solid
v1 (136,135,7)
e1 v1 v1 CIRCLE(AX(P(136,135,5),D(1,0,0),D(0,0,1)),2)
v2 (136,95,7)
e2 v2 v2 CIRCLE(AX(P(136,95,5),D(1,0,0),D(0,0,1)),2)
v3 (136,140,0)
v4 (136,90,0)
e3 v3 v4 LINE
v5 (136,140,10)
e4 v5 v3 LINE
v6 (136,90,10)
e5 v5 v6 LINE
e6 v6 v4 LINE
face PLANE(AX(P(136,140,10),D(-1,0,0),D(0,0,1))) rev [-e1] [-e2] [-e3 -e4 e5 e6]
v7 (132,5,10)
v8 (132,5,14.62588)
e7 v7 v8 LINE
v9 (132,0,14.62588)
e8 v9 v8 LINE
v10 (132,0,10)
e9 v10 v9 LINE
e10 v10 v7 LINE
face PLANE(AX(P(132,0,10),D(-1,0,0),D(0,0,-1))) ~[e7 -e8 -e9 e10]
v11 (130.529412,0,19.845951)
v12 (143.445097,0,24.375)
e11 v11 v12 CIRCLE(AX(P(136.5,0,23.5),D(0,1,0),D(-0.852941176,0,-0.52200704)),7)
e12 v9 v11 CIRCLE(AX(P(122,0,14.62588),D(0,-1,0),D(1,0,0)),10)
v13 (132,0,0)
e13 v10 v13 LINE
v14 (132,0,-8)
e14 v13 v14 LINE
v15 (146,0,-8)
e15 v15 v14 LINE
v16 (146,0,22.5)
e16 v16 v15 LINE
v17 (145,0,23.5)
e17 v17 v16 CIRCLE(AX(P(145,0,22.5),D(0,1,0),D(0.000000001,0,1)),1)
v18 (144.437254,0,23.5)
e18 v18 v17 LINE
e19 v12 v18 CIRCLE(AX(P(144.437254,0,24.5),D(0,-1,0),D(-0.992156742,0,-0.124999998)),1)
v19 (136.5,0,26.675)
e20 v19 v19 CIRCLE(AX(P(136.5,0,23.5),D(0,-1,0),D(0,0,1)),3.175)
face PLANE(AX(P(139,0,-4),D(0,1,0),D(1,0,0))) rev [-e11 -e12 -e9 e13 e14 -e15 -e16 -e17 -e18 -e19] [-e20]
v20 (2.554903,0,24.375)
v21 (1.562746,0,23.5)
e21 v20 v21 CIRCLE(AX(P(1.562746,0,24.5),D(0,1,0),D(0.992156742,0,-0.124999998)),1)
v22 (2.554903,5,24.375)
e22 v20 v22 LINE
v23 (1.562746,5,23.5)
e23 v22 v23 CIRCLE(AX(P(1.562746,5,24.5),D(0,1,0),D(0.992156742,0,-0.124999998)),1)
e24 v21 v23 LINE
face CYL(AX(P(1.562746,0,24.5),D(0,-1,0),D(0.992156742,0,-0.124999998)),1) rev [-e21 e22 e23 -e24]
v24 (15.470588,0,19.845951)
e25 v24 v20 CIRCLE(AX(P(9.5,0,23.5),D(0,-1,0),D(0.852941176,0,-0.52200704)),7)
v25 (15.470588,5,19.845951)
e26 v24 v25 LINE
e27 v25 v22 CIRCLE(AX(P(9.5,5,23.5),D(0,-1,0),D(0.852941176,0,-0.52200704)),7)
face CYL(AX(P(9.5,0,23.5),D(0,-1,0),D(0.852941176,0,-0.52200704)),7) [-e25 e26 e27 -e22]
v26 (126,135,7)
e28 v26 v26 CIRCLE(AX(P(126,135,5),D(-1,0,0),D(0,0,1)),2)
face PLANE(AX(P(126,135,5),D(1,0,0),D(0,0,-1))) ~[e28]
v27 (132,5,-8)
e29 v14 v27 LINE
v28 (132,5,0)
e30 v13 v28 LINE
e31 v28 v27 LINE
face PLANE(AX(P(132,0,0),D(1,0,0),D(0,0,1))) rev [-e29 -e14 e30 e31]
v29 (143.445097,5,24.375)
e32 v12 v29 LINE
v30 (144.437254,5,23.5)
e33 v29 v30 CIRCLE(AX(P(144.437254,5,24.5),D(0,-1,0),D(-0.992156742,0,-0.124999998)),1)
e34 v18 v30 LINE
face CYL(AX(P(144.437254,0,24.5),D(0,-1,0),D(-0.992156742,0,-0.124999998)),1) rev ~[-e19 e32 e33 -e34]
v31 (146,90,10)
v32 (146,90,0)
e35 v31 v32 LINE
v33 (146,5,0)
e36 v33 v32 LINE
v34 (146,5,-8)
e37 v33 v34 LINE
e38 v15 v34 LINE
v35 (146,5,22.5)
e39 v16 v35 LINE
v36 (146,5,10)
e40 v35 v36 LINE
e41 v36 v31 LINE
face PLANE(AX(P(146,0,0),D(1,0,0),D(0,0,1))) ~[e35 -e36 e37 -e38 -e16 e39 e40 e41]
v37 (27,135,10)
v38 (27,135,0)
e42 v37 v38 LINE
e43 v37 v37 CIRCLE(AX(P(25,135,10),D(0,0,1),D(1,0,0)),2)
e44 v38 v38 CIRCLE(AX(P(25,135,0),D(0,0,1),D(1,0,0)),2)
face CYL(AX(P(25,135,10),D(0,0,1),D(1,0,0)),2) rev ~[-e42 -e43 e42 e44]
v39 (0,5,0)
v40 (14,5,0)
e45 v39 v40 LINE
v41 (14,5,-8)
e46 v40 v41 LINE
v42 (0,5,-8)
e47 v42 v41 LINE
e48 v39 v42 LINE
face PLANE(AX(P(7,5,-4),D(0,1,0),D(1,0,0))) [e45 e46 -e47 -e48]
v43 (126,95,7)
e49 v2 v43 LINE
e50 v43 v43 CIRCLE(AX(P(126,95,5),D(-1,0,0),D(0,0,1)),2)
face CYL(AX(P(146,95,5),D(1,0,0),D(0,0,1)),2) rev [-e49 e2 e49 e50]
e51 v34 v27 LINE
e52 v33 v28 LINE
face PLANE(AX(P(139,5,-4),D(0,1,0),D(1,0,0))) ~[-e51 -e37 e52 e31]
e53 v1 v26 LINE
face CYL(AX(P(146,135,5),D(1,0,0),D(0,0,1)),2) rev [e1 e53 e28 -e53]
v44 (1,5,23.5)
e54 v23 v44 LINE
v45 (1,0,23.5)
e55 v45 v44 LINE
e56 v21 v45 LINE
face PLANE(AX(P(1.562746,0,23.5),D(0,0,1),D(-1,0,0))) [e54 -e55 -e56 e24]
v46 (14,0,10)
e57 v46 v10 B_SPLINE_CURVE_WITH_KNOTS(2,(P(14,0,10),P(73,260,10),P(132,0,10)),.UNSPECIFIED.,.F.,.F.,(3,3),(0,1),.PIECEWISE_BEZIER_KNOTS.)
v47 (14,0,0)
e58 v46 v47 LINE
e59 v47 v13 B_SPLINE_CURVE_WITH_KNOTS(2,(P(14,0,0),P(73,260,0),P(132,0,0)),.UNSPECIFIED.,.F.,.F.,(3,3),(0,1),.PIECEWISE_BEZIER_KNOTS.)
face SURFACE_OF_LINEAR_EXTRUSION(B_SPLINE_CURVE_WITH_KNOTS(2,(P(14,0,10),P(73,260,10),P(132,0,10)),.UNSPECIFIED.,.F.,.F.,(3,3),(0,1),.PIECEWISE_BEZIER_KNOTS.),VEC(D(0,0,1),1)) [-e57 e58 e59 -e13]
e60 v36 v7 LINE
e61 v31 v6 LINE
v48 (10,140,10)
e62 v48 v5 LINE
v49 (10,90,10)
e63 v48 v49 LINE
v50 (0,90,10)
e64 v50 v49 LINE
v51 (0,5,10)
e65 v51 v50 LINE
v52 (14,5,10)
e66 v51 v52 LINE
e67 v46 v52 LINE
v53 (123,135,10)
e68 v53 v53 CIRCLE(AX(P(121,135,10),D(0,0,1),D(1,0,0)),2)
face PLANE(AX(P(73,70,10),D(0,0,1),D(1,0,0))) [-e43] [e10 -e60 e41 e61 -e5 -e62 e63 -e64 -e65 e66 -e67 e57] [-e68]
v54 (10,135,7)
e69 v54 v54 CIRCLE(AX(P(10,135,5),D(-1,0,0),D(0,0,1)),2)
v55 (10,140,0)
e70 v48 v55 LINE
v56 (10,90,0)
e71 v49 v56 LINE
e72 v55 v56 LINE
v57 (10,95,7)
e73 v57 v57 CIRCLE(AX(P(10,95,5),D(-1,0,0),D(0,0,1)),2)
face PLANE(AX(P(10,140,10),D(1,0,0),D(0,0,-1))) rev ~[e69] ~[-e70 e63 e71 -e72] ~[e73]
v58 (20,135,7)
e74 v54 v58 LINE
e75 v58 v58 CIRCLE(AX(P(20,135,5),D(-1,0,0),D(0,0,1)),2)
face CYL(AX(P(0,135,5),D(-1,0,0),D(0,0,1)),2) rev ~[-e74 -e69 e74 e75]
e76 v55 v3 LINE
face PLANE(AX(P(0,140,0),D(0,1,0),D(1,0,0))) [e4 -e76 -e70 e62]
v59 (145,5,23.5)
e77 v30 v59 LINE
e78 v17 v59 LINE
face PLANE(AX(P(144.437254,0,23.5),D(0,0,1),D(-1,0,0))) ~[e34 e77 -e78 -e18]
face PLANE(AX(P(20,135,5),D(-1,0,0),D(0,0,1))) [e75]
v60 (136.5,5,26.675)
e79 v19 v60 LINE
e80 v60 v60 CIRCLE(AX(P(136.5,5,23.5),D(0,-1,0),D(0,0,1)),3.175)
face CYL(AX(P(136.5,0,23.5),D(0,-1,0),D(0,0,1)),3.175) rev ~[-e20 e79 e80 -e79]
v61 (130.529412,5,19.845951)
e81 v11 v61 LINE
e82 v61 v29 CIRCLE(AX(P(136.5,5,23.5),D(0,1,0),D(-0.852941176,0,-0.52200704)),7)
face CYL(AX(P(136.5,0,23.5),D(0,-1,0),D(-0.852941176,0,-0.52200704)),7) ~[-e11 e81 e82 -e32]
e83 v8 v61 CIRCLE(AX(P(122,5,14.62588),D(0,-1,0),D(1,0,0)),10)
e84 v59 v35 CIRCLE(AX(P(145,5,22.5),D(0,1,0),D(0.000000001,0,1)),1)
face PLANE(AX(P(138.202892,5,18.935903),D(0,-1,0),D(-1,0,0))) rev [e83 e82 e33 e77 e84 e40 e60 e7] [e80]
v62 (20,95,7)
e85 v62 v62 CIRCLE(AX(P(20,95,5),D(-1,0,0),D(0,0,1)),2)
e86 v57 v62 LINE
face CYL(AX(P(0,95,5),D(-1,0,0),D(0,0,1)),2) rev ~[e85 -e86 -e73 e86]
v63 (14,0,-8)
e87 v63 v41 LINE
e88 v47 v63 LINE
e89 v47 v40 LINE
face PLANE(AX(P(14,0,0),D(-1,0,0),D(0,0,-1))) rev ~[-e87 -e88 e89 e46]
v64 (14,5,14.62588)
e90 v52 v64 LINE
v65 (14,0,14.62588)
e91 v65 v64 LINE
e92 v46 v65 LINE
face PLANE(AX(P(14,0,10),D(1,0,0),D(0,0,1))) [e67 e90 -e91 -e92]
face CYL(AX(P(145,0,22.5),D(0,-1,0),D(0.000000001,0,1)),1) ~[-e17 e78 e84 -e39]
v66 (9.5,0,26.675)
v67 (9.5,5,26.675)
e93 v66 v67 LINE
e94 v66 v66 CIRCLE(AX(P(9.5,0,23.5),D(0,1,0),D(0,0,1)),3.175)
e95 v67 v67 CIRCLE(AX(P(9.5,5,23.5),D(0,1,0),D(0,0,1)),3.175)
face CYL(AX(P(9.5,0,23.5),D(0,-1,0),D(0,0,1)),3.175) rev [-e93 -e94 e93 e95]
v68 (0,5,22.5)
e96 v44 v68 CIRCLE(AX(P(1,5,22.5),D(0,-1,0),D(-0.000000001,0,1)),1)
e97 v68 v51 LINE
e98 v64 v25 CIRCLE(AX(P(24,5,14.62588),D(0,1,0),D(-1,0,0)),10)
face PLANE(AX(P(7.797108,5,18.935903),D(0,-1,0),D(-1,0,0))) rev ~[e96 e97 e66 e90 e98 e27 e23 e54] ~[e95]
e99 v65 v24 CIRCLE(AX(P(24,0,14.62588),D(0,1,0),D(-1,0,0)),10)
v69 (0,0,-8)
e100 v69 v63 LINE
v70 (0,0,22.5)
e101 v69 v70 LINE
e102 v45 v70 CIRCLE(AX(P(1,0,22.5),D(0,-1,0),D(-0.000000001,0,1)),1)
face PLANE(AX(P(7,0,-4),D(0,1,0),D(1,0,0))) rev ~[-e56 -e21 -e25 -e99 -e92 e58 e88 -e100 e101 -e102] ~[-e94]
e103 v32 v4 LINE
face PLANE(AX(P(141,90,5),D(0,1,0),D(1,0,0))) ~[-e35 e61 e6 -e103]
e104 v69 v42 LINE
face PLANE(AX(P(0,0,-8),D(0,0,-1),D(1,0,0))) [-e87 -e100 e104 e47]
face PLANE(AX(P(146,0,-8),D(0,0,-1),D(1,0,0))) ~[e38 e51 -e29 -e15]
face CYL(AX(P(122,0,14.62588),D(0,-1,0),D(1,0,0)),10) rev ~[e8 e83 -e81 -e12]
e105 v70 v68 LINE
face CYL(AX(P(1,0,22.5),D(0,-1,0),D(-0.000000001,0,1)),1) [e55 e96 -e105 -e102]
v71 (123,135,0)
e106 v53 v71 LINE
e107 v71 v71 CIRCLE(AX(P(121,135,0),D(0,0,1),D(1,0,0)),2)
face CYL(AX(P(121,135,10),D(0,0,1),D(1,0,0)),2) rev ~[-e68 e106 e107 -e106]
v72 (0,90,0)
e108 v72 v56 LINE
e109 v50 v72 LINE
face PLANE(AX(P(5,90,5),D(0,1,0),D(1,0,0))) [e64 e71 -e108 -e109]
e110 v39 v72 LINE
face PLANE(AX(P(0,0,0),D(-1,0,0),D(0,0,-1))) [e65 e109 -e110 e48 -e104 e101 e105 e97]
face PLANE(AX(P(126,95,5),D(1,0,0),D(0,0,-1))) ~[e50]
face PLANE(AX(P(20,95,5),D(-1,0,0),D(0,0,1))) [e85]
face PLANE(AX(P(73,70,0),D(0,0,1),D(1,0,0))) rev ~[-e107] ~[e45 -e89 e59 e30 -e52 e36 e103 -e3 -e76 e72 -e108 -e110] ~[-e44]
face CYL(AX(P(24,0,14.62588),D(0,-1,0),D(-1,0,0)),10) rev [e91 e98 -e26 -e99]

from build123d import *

# Parameters (mm, degrees)
SKETCH1_W           = 146
SKETCH1_H           = 140
BOSS_EXTRUDE1_DEPTH = 10
CUT_EXTRUDE1_DEPTH  = 10
SKETCH9_R           = 2
CUT_EXTRUDE4_DEPTH  = 20
SKETCH10_W          = 10
SKETCH10_H          = 10
CUT_EXTRUDE5_DEPTH  = 50
SKETCH12_R          = 3.175
BOSS_EXTRUDE2_DEPTH = 5
SKETCH14_W          = 14
SKETCH14_H          = 8
BOSS_EXTRUDE3_DEPTH = 5
SKETCH15_R          = 2
CUT_EXTRUDE6_DEPTH  = 20


with BuildPart() as part:
    # Sketch1 → Boss-Extrude1 (new body)
    with BuildSketch(Plane.XY):
        with Locations((73, 70)):
            Rectangle(SKETCH1_W, SKETCH1_H)
    extrude(amount=BOSS_EXTRUDE1_DEPTH)

    # Sketch4 → Cut-Extrude1 (cut)
    with BuildSketch(Plane.XY.offset(10)):
        with BuildLine():
            Line((14, 0), (132, 0))
            add(Edge.make_bspline(
                [(14, 0), (73, 260), (132, 0)],
                knots=[0, 0, 0, 1, 1, 1], degree=2))
        make_face()
    extrude(amount=-CUT_EXTRUDE1_DEPTH, mode=Mode.SUBTRACT)

    # Sketch9 → Cut-Extrude4 (cut)
    with BuildSketch(Plane.ZY):
        with Locations((5, 135)):
            Circle(SKETCH9_R)
        with Locations((5, 95)):
            Circle(SKETCH9_R)
    cut_extrude4 = extrude(amount=-CUT_EXTRUDE4_DEPTH, mode=Mode.SUBTRACT)

    # Sketch10 → Cut-Extrude5 (cut)
    with BuildSketch(Plane(origin=(0, 140, 0), x_dir=(1, 0, 0), z_dir=(0, 1, 0))):
        with Locations((5, -5)):
            Rectangle(SKETCH10_W, SKETCH10_H)
    cut_extrude5 = extrude(amount=-CUT_EXTRUDE5_DEPTH, mode=Mode.SUBTRACT)

    # Mirror3: Cut-Extrude4, Cut-Extrude5 across plane
    add(cut_extrude4.mirror(Plane.ZY.offset(-73)), mode=Mode.SUBTRACT)
    add(cut_extrude5.mirror(Plane.ZY.offset(-73)), mode=Mode.SUBTRACT)

    # Sketch12 → Boss-Extrude2 (add)
    with BuildSketch(Plane(origin=(0, 0, 0), x_dir=(1, 0, 0), z_dir=(0, 1, 0))):
        with BuildLine():
            Line((14, -10), (14, -14.625880325))
            ThreePointArc((14, -14.625880325), (14.374665781, -17.337511048), (15.470588235, -19.845950722))
            ThreePointArc((15.470588235, -19.845950722), (11.81635247, -30.105642379), (2.554902808, -24.375))
            ThreePointArc((2.554902808, -24.375), (2.224183895, -23.75), (1.562746067, -23.5))
            Line((1.562746067, -23.5), (1, -23.5))
            ThreePointArc((1, -23.5), (0.292893219, -23.207106781), (0, -22.5))
            Line((0, -22.5), (0, -10))
            Line((0, -10), (14, -10))
        make_face()
        with Locations(Location((9.5, -23.5, 0), (0, 0, 270))):
            Circle(SKETCH12_R, mode=Mode.SUBTRACT)
    boss_extrude2 = extrude(amount=BOSS_EXTRUDE2_DEPTH)

    # Mirror4: Boss-Extrude2 across plane
    add(boss_extrude2.mirror(Plane.ZY.offset(-73)))

    # Sketch14 → Boss-Extrude3 (add)
    with BuildSketch(Plane(origin=(0, 0, 0), x_dir=(1, 0, 0), z_dir=(0, 1, 0))):
        with Locations((7, 4)):
            Rectangle(SKETCH14_W, SKETCH14_H)
    boss_extrude3 = extrude(amount=BOSS_EXTRUDE3_DEPTH)

    # Mirror5: Boss-Extrude3 across plane
    add(boss_extrude3.mirror(Plane.ZY.offset(-73)))

    # Sketch15 → Cut-Extrude6 (cut)
    with BuildSketch(Plane.XY.offset(10)):
        with Locations((25, 135)):
            Circle(SKETCH15_R)
        with Locations((121, 135)):
            Circle(SKETCH15_R)
    extrude(amount=-CUT_EXTRUDE6_DEPTH, mode=Mode.SUBTRACT)


solid = part.part
